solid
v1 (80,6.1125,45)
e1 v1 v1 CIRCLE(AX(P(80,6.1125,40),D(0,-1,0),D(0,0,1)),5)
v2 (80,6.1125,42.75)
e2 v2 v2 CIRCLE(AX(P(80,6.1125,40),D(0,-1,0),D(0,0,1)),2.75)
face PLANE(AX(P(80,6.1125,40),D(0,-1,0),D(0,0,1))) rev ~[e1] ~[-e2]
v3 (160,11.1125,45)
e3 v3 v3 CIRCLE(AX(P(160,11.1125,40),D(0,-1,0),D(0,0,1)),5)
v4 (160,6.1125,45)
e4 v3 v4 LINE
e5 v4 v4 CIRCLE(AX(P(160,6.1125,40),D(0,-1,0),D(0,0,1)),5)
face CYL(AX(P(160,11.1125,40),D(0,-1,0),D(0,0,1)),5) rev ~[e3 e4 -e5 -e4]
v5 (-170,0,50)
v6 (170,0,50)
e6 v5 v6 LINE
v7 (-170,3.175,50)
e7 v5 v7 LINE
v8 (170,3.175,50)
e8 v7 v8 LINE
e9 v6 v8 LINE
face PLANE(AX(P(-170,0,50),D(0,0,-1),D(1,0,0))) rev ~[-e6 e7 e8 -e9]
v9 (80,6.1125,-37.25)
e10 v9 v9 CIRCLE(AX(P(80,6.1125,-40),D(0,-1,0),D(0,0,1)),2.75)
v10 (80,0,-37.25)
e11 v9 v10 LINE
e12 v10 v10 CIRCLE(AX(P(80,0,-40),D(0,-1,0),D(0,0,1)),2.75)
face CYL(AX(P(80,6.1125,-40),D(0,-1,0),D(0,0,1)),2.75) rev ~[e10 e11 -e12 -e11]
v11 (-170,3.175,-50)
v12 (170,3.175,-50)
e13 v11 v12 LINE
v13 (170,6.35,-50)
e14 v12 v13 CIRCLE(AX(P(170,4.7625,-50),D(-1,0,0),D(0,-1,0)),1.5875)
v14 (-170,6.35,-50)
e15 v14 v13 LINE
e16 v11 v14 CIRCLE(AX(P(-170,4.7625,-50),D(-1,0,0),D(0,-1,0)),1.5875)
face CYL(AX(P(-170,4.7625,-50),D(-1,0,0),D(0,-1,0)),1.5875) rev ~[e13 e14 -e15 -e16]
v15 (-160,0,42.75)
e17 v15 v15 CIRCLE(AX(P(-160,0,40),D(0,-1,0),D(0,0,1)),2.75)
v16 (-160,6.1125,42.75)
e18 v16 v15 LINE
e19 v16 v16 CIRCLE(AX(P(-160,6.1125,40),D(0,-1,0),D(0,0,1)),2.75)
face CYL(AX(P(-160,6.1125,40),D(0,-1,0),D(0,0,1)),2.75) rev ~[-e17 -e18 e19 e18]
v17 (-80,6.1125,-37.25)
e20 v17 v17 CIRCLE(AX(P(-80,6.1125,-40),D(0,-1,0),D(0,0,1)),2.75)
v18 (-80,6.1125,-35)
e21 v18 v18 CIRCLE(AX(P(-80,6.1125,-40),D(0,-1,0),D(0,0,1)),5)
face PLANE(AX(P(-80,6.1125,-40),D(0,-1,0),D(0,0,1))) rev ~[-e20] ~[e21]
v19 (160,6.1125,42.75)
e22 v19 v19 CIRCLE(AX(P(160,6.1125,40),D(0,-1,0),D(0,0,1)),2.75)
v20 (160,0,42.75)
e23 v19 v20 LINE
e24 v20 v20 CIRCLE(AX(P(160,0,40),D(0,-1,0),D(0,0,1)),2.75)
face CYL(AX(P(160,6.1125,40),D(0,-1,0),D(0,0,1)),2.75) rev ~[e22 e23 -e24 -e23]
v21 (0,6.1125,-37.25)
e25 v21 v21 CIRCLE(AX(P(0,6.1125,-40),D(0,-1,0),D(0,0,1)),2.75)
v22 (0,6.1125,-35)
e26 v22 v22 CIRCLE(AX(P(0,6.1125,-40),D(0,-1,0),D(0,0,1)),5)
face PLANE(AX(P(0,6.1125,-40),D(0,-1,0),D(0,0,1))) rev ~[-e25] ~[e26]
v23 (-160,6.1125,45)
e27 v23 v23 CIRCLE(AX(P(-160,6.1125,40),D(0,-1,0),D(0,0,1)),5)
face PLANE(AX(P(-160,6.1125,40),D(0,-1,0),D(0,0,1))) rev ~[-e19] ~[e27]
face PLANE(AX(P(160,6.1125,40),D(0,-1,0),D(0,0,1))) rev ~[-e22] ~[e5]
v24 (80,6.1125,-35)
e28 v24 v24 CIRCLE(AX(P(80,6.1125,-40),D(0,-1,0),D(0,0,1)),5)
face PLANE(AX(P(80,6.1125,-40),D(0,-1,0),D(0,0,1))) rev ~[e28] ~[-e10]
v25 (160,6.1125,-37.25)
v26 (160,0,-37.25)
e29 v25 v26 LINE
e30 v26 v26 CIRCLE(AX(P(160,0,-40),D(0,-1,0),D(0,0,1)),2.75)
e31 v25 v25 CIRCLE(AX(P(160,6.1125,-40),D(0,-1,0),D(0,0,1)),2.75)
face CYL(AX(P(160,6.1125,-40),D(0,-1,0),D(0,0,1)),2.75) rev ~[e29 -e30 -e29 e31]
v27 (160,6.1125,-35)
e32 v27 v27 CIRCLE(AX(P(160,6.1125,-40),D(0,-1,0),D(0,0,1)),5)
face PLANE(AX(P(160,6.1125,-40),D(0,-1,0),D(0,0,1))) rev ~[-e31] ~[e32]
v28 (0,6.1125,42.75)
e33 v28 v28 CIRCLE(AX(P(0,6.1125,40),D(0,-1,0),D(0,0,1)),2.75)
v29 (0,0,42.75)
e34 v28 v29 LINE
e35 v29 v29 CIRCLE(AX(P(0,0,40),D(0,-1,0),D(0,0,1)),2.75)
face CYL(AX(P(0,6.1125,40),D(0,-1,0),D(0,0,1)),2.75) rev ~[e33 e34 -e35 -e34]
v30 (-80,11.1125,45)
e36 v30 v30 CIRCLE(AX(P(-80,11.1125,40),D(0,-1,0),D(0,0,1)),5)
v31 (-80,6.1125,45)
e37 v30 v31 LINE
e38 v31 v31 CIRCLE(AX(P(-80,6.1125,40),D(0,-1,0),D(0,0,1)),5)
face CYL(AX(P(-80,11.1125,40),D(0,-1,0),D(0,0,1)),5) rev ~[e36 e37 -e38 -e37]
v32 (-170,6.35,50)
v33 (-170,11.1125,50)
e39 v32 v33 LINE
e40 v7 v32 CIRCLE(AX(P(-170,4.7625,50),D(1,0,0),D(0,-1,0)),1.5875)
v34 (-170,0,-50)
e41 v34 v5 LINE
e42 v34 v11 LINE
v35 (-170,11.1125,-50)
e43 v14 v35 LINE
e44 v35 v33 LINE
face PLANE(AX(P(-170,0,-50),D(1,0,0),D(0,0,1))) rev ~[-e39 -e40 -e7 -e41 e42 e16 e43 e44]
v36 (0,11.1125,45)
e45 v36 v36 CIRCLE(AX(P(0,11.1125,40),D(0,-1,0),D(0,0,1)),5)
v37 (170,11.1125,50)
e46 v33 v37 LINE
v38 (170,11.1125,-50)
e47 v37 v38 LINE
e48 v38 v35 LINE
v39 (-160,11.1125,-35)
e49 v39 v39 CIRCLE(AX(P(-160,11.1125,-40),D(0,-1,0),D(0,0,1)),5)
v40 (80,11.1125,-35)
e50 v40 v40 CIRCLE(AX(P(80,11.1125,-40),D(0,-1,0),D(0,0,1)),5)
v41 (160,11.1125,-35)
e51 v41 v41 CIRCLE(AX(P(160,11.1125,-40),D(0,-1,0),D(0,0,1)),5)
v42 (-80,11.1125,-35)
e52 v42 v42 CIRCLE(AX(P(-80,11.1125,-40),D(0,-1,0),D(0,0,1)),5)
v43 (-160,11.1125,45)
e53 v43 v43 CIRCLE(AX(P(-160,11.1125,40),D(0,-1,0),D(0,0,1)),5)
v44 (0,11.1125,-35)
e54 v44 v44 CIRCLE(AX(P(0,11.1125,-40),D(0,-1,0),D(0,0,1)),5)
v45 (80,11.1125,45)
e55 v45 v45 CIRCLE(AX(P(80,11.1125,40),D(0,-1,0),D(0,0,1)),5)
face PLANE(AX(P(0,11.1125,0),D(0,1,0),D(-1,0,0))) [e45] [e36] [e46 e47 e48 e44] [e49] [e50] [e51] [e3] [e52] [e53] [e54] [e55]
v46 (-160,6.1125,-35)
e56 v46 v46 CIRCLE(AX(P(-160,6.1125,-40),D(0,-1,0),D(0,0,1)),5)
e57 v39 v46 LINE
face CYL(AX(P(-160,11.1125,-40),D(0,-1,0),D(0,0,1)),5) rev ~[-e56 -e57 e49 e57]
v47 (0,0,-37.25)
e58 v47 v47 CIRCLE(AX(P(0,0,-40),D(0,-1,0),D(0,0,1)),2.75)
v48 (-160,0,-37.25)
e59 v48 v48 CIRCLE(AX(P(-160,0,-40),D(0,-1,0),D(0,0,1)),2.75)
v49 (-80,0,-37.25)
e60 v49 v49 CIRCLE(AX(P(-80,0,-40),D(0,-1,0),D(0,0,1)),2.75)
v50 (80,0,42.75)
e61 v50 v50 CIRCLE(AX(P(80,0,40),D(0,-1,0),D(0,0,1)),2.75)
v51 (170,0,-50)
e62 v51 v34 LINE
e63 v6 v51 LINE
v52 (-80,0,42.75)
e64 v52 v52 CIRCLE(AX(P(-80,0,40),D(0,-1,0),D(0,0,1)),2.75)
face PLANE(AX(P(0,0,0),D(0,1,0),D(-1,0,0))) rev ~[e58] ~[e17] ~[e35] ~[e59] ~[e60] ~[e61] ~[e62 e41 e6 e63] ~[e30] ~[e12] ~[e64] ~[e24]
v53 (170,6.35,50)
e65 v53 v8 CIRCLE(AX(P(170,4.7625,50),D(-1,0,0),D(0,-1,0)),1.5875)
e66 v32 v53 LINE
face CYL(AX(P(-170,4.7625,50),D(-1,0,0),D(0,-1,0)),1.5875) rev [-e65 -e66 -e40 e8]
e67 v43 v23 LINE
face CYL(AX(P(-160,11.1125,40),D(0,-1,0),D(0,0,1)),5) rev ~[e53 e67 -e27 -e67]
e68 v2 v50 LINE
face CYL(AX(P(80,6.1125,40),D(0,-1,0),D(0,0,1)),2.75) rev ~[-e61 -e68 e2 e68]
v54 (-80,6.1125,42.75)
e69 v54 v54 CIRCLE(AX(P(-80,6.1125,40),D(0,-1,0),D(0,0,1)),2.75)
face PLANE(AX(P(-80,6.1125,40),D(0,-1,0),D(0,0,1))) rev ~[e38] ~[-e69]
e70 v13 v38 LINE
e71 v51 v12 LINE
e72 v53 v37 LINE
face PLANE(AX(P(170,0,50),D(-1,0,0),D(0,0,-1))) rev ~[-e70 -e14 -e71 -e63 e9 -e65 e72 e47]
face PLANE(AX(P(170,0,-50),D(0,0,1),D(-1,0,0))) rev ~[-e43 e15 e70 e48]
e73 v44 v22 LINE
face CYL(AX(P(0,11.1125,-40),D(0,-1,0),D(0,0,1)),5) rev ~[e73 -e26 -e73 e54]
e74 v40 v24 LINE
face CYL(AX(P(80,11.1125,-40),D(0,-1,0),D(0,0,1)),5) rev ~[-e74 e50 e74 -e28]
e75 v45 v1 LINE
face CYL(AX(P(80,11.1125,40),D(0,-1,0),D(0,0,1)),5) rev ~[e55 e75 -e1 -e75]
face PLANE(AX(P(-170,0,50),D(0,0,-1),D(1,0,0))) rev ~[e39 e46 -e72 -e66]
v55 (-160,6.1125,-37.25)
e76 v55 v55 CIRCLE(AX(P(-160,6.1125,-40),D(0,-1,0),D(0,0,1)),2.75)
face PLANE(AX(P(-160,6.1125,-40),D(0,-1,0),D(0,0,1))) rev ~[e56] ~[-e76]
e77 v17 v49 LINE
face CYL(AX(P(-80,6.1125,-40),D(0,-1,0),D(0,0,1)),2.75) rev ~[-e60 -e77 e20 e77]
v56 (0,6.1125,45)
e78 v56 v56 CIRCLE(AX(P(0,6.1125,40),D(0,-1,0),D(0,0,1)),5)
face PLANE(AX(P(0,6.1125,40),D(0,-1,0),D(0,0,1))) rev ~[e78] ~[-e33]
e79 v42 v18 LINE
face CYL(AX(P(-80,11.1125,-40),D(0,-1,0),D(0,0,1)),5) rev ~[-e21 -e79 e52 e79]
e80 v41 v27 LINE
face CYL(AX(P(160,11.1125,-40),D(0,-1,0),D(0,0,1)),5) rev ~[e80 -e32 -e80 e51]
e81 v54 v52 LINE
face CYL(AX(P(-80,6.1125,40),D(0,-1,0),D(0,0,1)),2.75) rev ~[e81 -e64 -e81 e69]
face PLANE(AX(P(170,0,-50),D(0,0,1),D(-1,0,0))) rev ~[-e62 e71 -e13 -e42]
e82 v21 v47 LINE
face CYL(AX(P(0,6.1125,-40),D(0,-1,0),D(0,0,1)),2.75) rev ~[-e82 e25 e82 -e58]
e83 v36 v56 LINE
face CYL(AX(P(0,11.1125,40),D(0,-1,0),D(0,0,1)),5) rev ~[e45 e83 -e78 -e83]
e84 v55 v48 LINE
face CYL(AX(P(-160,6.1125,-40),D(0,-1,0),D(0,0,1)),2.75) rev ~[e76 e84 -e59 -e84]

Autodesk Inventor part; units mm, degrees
ref_plane "YZ Plane" through (0, 0, 0) normal (1, 0, 0) x (0, 1, 0)
ref_plane "XZ Plane" through (0, 0, 0) normal (0, 1, 0) x (-1, 0, 0)
ref_plane "XY Plane" through (0, 0, 0) normal (0, 0, 1) x (1, 0, 0)
sketch "Sketch1" plane through (0, 0, 0) normal (0, 1, 0) x (-1, 0, 0)
  line L0 (170, 50) -> (-170, 50)
  line L1 (-170, 50) -> (-170, -50)
  line L2 (-170, -50) -> (170, -50)
  line L3 (170, -50) -> (170, 50)
  line L4 (170, 50) -> (-170, -50) construction
  line L5 (-170, 50) -> (170, -50) construction
  point P0 (0, 0)
  dimension "d0" = 340
  dimension "d1" = 100
extrude "Extrusion1" add sketch "Sketch1" along normal blind 11.1125
sketch "Sketch2" plane through (0, 11.1125, 0) normal (0, 1, 0) x (1, 0, 0)
  line L0 (-170, -50) -> (170, -50) projected
  line L1 (170, -50) -> (170, 50) projected
  line L2 (170, 50) -> (-170, 50) projected
  line L3 (-170, 50) -> (-170, -50) projected
  point P0 (0, 0)
  point P1 (-160, -40)
  dimension "d4" = 10
  dimension "d5" = 10
hole "Hole1" at (-160, 11.1125, 40) direction (0, -1, 0) diameter 5.5 end through all counterbore diameter 10 counterbore depth 5 clearance for "Socket Head Cap Screw" size "M5" standard "Ansi Metric M Profile"
pattern_linear "Rectangular Pattern1" count 2 spacing 80 along (0, 0, -1) count 5 spacing 80 along (1, 0, 0) of "Hole1"
sketch "Sketch3" plane through (-170, 0, -50) normal (-1, 0, 0) x (0, 0, 1)
  line L0 (0, 0) -> (100, 0) projected
  line L1 (100, 0) -> (100, 11.1125) projected
  line L2 (0, 11.1125) -> (100, 11.1125) projected
  line L3 (0, 0) -> (0, 11.1125) projected
  line L4 (0, 0) -> (0, 11.1125) projected
  arc A0 (0, 3.175) -> (0, 6.35) centre (0, 4.7625) ccw
  point P0 (50, 0)
  dimension "d19" = 1.5875
  dimension "d20" = 6.35
extrude "oRingGroove" cut sketch "Sketch3" against normal through all contours L3 A0
mirror "Mirror1" about plane through (0, 0, 0) normal (0, 0, 1) of "oRingGroove"
equation "\"d1\" = depth"
equation "\"d2\" = facingThickness - facingGasketThickness"
equation "\"d19\" = 0.125 * facingThickness"
equation "\"d20\" = 0.5 * facingThickness"
equation "\"mppcMountThickness\" = 6.35"
equation "\"depth\" = 100"
equation "\"facingThickness\" = 12.7"
equation "\"facingGasketThickness\" = 1.5875"
properties part number "sideFace" material "Wood (Cherry)"
